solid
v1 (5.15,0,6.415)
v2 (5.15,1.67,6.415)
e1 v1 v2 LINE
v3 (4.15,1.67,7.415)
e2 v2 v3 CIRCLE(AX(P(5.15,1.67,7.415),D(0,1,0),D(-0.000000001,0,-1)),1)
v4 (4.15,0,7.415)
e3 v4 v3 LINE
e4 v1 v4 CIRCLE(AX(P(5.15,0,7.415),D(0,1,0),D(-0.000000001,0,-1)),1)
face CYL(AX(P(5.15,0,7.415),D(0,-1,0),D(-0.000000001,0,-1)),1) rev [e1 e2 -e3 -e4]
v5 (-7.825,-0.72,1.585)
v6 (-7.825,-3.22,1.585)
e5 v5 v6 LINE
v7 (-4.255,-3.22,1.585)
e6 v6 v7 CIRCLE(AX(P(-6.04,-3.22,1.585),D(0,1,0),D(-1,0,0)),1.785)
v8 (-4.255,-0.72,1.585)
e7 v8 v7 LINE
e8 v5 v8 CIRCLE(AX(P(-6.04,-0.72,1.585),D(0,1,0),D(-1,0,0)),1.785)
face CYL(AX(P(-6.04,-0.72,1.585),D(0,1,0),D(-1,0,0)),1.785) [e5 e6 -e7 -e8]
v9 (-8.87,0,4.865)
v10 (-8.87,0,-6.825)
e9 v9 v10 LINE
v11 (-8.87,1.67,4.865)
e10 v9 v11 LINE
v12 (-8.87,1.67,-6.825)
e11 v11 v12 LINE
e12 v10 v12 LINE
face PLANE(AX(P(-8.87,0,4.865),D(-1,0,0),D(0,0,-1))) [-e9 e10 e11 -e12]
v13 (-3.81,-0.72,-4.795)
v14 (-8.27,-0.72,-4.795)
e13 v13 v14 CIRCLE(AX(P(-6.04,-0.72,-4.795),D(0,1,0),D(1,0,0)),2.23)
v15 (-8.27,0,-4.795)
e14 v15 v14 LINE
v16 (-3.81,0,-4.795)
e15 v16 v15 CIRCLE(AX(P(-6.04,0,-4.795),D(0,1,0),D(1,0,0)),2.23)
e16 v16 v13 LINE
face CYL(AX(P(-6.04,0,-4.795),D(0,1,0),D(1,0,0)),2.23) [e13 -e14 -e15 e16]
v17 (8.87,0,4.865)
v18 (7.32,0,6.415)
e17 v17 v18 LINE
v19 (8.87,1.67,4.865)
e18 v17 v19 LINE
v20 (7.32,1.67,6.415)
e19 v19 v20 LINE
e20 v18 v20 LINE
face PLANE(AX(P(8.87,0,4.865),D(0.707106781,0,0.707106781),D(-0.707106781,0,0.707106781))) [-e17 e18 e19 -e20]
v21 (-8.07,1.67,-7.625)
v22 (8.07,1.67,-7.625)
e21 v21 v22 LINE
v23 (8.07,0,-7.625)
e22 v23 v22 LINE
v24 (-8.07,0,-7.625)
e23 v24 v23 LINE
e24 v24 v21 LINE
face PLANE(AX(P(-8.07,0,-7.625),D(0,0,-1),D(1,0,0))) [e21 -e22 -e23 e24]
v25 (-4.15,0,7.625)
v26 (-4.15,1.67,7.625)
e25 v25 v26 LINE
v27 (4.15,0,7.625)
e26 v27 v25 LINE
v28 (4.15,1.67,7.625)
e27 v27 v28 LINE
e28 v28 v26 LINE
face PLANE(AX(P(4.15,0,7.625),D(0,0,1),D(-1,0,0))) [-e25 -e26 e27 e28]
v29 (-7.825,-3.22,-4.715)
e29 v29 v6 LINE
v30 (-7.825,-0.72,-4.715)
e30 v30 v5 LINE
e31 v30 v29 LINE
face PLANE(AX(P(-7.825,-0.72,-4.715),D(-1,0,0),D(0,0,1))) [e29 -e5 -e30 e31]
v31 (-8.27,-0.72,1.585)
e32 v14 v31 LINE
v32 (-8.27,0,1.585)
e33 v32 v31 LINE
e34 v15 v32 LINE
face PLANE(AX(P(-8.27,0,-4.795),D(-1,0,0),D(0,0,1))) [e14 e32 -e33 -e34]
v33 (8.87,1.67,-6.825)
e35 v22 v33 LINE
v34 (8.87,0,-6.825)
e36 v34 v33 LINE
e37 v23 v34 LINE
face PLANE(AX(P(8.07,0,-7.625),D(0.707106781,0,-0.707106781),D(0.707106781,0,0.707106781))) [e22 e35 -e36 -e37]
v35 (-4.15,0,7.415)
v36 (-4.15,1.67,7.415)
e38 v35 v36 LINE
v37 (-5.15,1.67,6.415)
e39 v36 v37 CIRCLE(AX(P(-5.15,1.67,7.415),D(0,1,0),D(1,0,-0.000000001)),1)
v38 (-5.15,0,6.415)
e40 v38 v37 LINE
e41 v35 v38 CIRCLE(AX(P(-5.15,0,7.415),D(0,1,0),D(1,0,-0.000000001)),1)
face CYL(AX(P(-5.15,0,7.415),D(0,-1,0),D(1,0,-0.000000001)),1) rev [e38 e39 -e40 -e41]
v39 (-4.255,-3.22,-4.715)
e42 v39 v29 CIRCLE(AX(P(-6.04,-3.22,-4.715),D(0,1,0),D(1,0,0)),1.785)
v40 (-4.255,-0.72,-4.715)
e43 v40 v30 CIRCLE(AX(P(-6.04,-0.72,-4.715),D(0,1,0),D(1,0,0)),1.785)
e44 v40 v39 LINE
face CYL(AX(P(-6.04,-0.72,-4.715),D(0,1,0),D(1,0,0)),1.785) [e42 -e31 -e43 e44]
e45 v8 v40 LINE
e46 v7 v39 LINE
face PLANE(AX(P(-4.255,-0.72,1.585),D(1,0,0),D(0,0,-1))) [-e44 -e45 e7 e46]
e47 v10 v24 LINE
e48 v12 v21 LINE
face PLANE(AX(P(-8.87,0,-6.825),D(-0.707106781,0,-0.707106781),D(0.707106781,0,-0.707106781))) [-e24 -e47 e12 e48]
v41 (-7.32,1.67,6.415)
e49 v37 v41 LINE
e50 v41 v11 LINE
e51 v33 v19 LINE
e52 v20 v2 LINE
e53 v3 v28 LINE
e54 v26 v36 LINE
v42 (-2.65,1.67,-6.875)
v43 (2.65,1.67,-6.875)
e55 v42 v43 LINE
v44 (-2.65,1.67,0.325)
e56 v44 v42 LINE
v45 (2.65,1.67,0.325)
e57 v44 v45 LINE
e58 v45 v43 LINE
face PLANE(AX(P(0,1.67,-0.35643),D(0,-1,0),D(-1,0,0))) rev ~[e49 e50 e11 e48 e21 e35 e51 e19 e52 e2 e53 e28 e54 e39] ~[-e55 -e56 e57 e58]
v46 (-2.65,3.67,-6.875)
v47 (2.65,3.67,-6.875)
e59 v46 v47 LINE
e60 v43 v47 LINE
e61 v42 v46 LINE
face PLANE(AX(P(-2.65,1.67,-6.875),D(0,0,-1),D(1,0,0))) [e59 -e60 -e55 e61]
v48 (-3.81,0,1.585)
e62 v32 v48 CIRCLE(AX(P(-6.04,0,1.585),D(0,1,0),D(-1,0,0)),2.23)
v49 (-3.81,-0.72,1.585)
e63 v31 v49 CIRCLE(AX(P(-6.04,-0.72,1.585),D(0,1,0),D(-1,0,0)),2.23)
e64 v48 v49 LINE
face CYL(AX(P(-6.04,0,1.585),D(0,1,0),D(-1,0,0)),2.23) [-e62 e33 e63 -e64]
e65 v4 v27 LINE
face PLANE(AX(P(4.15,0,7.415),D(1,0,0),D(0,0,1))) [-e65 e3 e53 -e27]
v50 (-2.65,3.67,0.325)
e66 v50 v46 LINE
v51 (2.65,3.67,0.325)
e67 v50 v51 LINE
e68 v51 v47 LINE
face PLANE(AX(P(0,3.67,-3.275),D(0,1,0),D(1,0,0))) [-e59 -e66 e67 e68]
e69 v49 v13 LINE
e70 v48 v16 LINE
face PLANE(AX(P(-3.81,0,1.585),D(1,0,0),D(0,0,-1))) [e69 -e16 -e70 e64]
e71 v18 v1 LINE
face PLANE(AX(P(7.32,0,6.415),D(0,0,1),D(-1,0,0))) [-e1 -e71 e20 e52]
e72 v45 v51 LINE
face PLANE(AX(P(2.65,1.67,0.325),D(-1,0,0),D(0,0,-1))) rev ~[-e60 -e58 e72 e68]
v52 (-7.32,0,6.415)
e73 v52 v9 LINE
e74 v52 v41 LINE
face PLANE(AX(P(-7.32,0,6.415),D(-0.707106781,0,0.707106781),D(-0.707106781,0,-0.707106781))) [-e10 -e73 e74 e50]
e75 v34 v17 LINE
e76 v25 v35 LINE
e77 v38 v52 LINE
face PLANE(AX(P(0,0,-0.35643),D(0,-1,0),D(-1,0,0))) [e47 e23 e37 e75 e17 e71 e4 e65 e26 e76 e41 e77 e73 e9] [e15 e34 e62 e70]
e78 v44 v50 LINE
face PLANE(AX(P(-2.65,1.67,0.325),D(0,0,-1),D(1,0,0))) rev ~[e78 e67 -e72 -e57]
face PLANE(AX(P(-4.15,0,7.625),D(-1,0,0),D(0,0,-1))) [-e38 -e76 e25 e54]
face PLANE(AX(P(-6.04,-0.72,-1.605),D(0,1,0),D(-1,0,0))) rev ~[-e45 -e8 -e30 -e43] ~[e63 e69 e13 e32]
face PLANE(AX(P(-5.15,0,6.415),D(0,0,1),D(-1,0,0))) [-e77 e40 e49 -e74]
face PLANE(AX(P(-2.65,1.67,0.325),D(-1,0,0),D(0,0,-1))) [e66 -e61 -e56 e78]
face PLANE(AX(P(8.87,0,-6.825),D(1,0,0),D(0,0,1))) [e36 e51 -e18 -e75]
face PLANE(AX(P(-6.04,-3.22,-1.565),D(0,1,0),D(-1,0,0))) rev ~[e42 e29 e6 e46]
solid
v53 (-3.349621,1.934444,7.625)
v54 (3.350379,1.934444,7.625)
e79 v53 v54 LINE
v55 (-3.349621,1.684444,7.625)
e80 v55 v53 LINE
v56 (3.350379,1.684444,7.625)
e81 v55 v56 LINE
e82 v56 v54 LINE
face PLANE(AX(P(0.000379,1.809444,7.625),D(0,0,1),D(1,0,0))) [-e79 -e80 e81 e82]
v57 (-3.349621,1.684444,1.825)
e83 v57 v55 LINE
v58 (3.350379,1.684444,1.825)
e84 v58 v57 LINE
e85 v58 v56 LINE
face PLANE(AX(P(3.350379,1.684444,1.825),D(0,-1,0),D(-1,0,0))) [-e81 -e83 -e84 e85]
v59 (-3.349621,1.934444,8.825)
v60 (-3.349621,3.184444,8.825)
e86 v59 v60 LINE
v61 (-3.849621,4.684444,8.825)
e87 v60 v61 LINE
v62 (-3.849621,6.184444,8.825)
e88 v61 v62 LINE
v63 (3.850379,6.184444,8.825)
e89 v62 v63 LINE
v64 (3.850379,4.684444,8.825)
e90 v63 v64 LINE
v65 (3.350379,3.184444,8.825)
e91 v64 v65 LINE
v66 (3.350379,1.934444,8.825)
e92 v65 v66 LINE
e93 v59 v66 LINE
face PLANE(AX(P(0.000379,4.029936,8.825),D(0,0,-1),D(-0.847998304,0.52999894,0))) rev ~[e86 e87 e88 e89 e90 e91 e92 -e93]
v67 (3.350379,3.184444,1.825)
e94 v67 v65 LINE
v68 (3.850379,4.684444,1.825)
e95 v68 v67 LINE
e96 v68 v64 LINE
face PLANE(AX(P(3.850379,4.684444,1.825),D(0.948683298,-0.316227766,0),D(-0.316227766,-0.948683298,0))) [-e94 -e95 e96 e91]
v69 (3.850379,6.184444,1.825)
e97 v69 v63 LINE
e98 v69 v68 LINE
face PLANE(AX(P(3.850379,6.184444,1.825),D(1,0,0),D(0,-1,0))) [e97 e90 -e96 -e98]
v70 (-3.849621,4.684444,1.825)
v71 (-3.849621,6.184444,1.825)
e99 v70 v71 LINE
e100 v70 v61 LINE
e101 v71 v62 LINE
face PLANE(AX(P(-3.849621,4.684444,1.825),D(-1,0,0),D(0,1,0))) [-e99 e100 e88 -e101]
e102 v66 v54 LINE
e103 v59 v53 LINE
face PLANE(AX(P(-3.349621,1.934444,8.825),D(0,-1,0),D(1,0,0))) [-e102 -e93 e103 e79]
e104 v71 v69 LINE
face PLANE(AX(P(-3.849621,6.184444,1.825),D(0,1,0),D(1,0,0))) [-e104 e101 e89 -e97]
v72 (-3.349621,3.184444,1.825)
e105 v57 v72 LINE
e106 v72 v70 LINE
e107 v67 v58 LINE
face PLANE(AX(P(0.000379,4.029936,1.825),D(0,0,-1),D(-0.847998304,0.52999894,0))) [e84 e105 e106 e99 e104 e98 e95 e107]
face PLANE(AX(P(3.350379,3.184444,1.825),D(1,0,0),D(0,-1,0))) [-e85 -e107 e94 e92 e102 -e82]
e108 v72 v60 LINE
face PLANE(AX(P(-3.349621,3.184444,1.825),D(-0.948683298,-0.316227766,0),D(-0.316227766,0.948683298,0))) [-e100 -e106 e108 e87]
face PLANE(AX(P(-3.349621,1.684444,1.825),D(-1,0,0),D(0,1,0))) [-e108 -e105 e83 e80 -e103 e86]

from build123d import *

# Parameters (mm, degrees)
PCB_DEPTH           = 1.67
SKETCH2_W           = 5.3
SKETCH2_H           = 7.2
PIC18_DEPTH         = 2
CRYSTAL_DEPTH       = 0.72
BOSS_EXTRUDE4_DEPTH = 2.5
USB_CONNECTOR_DEPTH = 7
SKETCH6_W           = 6.7
SKETCH6_H           = 0.25
CUT_EXTRUDE1_DEPTH  = 1.2


with BuildPart() as part:
    # PCB Sketch → PCB (new body)
    with BuildSketch(Plane(origin=(0, 0, 0), x_dir=(1, 0, 0), z_dir=(0, 1, 0))):
        with BuildLine():
            Line((-8.07, 7.625), (8.07, 7.625))
            Line((8.07, 7.625), (8.87, 6.825))
            Line((8.87, 6.825), (8.87, -4.865))
            Line((8.87, -4.865), (7.32, -6.415))
            Line((7.32, -6.415), (5.15, -6.415))
            ThreePointArc((5.15, -6.415), (4.442893219, -6.707893219), (4.15, -7.415))
            Line((4.15, -7.415), (4.15, -7.625))
            Line((4.15, -7.625), (-4.15, -7.625))
            Line((-4.15, -7.625), (-4.15, -7.415))
            ThreePointArc((-4.15, -7.415), (-4.442893219, -6.707893219), (-5.15, -6.415))
            Line((-5.15, -6.415), (-7.32, -6.415))
            Line((-7.32, -6.415), (-8.87, -4.865))
            Line((-8.87, -4.865), (-8.87, 6.825))
            Line((-8.87, 6.825), (-8.07, 7.625))
        make_face()
    extrude(amount=PCB_DEPTH)

    # Sketch2 → PIC18 (add)
    with BuildSketch(Plane(origin=(0, 1.67, 0), x_dir=(1, 0, 0), z_dir=(0, 1, 0))):
        with Locations((0, 3.275)):
            Rectangle(SKETCH2_W, SKETCH2_H)
    extrude(amount=PIC18_DEPTH)

    # Sketch3 → Crystal (add)
    with BuildSketch(Plane.XZ):
        with BuildLine():
            Line((-3.81, 1.585), (-3.81, -4.795))
            ThreePointArc((-3.81, -4.795), (-6.04, -7.025), (-8.27, -4.795))
            Line((-8.27, -4.795), (-8.27, 1.585))
            ThreePointArc((-8.27, 1.585), (-6.04, 3.815), (-3.81, 1.585))
        make_face()
    extrude(amount=CRYSTAL_DEPTH)

    # Sketch5 → Boss-Extrude4 (add)
    with BuildSketch(Plane.XZ.offset(0.72)):
        with BuildLine():
            Line((-4.255, 1.585), (-4.255, -4.715))
            ThreePointArc((-4.255, -4.715), (-6.04, -6.5), (-7.825, -4.715))
            Line((-7.825, -4.715), (-7.825, 1.585))
            ThreePointArc((-7.825, 1.585), (-6.04, 3.37), (-4.255, 1.585))
        make_face()
    extrude(amount=BOSS_EXTRUDE4_DEPTH)


with BuildPart() as body_2:
    # 3DSketch1 → USB Connector (new body)
    with BuildSketch(Plane(origin=(-3.849621322, 6.184444439, 1.825), x_dir=(0.847998304005088, -0.52999894000318, 0), z_dir=(0, 0, 1))):
        Polygon((0, 0), (6.529586941, 4.080991838), (7.324585351, 2.808994382), (7.695584609, 1.271997456), (8.490583019, 0), (2.808994382, -3.550992898), (2.013995972, -2.278995442), (0.79499841, -1.271997456), align=None)
    extrude(amount=USB_CONNECTOR_DEPTH)

    # Sketch6 → Cut-Extrude1 (cut)
    with BuildSketch(Plane.XY.offset(8.825)):
        with Locations((0.000378678, 1.809444439)):
            Rectangle(SKETCH6_W, SKETCH6_H)
    extrude(amount=-CUT_EXTRUDE1_DEPTH, mode=Mode.SUBTRACT)


solid = Compound([part.part, body_2.part])
